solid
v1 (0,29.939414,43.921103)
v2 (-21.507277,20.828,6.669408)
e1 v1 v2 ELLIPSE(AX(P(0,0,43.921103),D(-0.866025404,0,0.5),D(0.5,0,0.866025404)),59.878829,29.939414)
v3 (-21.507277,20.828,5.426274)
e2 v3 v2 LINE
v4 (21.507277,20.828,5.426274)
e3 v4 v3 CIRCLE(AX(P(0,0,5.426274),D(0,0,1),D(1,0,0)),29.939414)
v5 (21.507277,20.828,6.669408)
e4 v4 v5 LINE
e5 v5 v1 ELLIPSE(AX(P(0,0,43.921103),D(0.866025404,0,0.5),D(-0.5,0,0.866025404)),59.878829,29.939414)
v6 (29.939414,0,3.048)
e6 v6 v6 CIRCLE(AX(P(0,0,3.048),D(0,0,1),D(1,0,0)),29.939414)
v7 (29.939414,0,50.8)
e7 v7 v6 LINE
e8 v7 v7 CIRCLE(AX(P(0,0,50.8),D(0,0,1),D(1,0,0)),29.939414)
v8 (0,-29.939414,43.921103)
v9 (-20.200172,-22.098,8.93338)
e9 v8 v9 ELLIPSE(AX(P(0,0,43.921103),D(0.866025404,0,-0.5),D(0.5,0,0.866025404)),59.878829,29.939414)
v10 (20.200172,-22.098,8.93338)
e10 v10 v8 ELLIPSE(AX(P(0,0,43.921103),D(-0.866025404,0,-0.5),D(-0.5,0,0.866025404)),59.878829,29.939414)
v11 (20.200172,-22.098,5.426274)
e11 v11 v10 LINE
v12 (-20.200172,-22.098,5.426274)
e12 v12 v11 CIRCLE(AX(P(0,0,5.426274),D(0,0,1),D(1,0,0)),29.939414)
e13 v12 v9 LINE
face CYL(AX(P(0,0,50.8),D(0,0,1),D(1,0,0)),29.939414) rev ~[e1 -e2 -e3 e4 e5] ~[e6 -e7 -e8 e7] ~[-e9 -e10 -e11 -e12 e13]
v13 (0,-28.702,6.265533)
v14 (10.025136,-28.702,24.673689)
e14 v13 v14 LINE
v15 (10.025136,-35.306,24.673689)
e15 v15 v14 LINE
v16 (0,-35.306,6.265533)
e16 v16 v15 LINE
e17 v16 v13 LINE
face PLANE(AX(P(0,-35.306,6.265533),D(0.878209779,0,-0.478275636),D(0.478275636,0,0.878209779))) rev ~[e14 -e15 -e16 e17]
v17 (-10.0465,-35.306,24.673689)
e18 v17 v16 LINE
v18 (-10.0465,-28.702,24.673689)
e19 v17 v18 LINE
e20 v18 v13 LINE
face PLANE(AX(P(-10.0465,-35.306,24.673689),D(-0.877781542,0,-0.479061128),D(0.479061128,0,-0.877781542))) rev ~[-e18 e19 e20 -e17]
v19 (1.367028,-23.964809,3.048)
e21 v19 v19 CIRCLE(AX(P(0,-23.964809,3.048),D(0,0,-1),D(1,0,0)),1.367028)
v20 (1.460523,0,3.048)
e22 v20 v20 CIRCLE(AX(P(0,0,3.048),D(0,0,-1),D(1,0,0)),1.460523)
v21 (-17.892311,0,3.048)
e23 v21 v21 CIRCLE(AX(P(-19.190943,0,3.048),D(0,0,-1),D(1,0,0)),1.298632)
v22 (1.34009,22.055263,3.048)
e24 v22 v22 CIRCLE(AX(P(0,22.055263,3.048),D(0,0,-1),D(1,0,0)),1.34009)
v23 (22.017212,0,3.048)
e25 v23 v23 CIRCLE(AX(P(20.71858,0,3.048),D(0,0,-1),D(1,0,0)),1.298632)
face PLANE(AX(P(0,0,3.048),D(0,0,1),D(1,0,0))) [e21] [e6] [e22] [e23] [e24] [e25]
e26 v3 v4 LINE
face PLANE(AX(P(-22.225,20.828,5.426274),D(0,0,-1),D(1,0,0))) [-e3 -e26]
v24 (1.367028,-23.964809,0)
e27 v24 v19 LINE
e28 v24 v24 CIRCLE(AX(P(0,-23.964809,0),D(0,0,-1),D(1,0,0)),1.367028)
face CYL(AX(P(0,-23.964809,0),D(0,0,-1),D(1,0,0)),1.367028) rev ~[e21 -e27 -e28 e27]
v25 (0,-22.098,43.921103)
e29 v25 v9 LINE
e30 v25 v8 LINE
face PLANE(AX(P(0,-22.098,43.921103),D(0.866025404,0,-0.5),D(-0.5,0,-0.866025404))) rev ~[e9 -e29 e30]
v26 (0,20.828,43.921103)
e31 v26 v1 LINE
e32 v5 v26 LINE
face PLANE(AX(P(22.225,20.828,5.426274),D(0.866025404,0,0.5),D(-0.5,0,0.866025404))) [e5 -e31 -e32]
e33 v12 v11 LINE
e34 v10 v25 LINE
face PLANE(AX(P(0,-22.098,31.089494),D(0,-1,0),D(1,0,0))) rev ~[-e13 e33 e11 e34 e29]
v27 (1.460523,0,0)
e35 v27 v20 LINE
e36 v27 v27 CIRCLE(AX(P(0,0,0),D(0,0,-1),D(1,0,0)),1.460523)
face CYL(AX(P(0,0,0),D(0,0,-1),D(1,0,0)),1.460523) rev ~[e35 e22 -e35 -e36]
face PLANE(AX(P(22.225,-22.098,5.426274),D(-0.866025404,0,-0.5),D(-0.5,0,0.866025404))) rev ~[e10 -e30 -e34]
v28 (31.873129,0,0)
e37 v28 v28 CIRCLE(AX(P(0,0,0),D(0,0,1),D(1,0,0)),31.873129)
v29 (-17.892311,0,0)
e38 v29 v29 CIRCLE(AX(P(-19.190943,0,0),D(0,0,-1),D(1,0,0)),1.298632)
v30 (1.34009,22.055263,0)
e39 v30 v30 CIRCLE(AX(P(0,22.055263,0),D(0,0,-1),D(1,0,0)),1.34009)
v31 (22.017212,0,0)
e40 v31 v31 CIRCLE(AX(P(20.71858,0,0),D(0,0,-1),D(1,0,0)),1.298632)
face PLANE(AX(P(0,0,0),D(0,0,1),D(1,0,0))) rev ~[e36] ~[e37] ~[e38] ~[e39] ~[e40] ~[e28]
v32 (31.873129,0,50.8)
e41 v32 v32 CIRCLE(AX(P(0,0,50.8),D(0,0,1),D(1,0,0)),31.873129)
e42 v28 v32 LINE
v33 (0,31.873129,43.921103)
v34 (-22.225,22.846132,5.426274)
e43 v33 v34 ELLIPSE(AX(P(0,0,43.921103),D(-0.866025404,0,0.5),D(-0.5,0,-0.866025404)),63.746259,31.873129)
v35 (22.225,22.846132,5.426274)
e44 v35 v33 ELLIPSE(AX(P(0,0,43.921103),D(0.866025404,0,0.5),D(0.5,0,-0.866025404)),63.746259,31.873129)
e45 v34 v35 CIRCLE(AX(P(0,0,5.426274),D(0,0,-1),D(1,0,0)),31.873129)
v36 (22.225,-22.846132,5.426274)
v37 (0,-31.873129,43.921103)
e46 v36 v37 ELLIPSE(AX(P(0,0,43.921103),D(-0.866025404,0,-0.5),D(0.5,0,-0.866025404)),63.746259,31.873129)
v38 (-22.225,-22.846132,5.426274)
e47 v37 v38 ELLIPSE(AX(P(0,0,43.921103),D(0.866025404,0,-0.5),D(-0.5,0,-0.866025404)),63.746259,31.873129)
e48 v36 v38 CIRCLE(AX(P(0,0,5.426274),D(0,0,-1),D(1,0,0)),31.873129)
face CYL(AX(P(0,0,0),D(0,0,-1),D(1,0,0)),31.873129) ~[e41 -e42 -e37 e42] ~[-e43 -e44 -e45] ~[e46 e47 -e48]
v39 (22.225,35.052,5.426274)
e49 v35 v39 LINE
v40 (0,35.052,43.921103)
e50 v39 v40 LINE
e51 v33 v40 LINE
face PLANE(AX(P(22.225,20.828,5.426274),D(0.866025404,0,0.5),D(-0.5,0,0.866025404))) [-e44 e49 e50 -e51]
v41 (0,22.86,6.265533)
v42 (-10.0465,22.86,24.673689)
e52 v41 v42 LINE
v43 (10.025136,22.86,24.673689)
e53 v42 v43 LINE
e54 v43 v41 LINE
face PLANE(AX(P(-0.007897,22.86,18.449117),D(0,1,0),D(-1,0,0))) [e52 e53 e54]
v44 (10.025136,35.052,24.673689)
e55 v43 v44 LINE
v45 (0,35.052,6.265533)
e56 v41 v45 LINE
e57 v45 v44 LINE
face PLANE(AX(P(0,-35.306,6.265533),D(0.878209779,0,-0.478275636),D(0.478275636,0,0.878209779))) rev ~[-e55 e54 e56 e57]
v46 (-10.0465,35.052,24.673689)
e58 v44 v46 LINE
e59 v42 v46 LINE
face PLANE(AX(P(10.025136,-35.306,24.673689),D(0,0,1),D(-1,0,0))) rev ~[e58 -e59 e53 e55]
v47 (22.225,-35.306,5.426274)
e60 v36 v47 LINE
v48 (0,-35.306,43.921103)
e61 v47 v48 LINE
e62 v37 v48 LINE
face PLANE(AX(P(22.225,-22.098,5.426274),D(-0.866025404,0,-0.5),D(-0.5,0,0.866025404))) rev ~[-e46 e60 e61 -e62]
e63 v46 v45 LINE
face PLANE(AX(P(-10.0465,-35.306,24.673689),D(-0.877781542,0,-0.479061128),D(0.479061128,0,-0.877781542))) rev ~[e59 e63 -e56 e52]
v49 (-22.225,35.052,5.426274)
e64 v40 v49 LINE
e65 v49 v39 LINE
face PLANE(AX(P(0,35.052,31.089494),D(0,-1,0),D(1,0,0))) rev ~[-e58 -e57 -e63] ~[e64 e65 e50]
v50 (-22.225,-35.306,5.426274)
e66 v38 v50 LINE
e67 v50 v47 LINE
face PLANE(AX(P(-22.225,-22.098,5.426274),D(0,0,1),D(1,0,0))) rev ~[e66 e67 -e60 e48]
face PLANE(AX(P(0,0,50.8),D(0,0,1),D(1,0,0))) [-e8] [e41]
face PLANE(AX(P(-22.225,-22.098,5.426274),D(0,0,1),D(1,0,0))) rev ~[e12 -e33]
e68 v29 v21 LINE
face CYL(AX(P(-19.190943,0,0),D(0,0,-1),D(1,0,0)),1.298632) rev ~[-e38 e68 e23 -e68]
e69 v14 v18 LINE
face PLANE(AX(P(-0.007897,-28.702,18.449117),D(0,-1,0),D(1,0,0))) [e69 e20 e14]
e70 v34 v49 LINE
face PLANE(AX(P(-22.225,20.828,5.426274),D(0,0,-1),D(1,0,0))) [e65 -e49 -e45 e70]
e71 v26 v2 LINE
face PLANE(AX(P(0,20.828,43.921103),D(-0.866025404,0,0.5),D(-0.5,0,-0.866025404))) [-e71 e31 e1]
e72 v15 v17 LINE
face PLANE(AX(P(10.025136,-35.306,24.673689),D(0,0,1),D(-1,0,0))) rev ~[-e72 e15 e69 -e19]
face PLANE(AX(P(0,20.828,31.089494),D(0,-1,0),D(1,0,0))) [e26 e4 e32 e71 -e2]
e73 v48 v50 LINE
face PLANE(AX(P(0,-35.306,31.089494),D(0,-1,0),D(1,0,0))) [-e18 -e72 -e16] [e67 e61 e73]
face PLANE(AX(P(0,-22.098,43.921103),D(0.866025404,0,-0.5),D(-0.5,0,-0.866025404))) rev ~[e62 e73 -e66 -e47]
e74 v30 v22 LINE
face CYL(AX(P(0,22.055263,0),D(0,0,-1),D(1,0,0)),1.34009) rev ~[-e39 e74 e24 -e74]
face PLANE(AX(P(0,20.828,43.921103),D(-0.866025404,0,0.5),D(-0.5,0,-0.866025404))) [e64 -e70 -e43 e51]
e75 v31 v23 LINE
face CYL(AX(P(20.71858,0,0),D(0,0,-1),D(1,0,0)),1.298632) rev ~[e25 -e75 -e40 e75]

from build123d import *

# Parameters (mm, degrees)
F0_R      = 31.8731292534
F1_DEPTH  = 50.8
F2_R      = 29.9394143693
F4_DEPTH  = 47.752
F3_R      = 1.3670276657
F3_R_2    = 1.4605226194
F3_R_3    = 1.340090054
F3_R_4    = 1.298632057
F5_DEPTH  = 25.4
F6_DEPTH  = 25.4
F8_START  = 22.098
F8_DEPTH  = 13.208
F10_DEPTH = 67.1801292534
F11_START = -20.828
F11_DEPTH = 14.224
F12_DEPTH = 70.359
F14_START = -12.192
F14_DEPTH = 2.032
F16_START = -6.604
F16_DEPTH = 6.604


with BuildPart() as f1:
    # F0 (on Top) → F1 (new body)
    with BuildSketch(Plane.XY):
        Circle(F0_R)
    extrude(amount=F1_DEPTH)

    # F2 (on face) → F4 (cut)
    with BuildSketch(Plane.XY.offset(50.8)):
        Circle(F2_R)
    extrude(amount=-F4_DEPTH, mode=Mode.SUBTRACT)

    # F3 (on face) → F5 (cut)
    with BuildSketch(Plane(origin=(0, 0, 0), x_dir=(1, 0, 0), z_dir=(0, 0, -1))):
        with Locations((0, 23.9648092538)):
            Circle(F3_R)
        Circle(F3_R_2)
        with Locations((0, -22.0552626997)):
            Circle(F3_R_3)
        with Locations((-19.1909428686, 0)):
            Circle(F3_R_4)
        with Locations((20.7185801119, 0)):
            Circle(F3_R_4)
    extrude(amount=-F5_DEPTH, mode=Mode.SUBTRACT)

    # F3 (on face) → F6 (cut)
    with BuildSketch(Plane(origin=(0, 0, 0), x_dir=(1, 0, 0), z_dir=(0, 0, -1))):
        with Locations((0, 23.9648092538)):
            Circle(F3_R)
        Circle(F3_R_2)
        with Locations((0, -22.0552626997)):
            Circle(F3_R_3)
        with Locations((-19.1909428686, 0)):
            Circle(F3_R_4)
        with Locations((20.7185801119, 0)):
            Circle(F3_R_4)
    extrude(amount=-F6_DEPTH, mode=Mode.SUBTRACT)

    # F7 (on Front) → F8 (join)
    with BuildSketch(Plane.XZ.offset(F8_START)):
        Polygon((11.1125, 24.6736888855), (0, 43.9211034846), (-11.1125, 24.6736888855), align=None)
        Polygon((0, 5.4262742864), (-11.1125, 24.6736888855), (-22.225, 5.4262742864), align=None)
        Polygon((11.1125, 24.6736888855), (-11.1125, 24.6736888855), (0, 5.4262742864), align=None)
        Polygon((22.225, 5.4262742864), (11.1125, 24.6736888855), (0, 5.4262742864), align=None)
    extrude(amount=F8_DEPTH)

    # F9 (on face) → F10 (cut, through all)
    with BuildSketch(Plane.XZ.offset(35.306)):
        Polygon((10.0251361728, 24.6736888855), (-10.0464997813, 24.6736888855), (0, 6.265532691), align=None)
    extrude(amount=-F10_DEPTH, mode=Mode.SUBTRACT)

    # F7 (on Front) → F11 (join)
    with BuildSketch(Plane.XZ.offset(F11_START)):
        Polygon((11.1125, 24.6736888855), (0, 43.9211034846), (-11.1125, 24.6736888855), align=None)
        Polygon((0, 5.4262742864), (-11.1125, 24.6736888855), (-22.225, 5.4262742864), align=None)
        Polygon((11.1125, 24.6736888855), (-11.1125, 24.6736888855), (0, 5.4262742864), align=None)
        Polygon((22.225, 5.4262742864), (11.1125, 24.6736888855), (0, 5.4262742864), align=None)
    extrude(amount=-F11_DEPTH)

    # F9 (on face) → F12 (cut, through all)
    with BuildSketch(Plane.XZ.offset(35.306)):
        Polygon((10.0251361728, 24.6736888855), (-10.0464997813, 24.6736888855), (0, 6.265532691), align=None)
    extrude(amount=-F12_DEPTH, mode=Mode.SUBTRACT)

    # F13 (on face) → F14 (join)
    with BuildSketch(Plane(origin=(0, 35.052, 0), x_dir=(-1, 0, 0), z_dir=(0, 1, 0)).offset(F14_START)):
        Polygon((10.0464997813, 24.6736888855), (-10.0251361728, 24.6736888855), (0, 6.265532691), align=None)
    extrude(amount=-F14_DEPTH)

    # F15 (on face) → F16 (join)
    with BuildSketch(Plane.XZ.offset(35.306).offset(F16_START)):
        Polygon((10.0251361728, 24.6736888855), (-10.0464997813, 24.6736888855), (0, 6.265532691), align=None)
    extrude(amount=-F16_DEPTH)


solid = f1.part
